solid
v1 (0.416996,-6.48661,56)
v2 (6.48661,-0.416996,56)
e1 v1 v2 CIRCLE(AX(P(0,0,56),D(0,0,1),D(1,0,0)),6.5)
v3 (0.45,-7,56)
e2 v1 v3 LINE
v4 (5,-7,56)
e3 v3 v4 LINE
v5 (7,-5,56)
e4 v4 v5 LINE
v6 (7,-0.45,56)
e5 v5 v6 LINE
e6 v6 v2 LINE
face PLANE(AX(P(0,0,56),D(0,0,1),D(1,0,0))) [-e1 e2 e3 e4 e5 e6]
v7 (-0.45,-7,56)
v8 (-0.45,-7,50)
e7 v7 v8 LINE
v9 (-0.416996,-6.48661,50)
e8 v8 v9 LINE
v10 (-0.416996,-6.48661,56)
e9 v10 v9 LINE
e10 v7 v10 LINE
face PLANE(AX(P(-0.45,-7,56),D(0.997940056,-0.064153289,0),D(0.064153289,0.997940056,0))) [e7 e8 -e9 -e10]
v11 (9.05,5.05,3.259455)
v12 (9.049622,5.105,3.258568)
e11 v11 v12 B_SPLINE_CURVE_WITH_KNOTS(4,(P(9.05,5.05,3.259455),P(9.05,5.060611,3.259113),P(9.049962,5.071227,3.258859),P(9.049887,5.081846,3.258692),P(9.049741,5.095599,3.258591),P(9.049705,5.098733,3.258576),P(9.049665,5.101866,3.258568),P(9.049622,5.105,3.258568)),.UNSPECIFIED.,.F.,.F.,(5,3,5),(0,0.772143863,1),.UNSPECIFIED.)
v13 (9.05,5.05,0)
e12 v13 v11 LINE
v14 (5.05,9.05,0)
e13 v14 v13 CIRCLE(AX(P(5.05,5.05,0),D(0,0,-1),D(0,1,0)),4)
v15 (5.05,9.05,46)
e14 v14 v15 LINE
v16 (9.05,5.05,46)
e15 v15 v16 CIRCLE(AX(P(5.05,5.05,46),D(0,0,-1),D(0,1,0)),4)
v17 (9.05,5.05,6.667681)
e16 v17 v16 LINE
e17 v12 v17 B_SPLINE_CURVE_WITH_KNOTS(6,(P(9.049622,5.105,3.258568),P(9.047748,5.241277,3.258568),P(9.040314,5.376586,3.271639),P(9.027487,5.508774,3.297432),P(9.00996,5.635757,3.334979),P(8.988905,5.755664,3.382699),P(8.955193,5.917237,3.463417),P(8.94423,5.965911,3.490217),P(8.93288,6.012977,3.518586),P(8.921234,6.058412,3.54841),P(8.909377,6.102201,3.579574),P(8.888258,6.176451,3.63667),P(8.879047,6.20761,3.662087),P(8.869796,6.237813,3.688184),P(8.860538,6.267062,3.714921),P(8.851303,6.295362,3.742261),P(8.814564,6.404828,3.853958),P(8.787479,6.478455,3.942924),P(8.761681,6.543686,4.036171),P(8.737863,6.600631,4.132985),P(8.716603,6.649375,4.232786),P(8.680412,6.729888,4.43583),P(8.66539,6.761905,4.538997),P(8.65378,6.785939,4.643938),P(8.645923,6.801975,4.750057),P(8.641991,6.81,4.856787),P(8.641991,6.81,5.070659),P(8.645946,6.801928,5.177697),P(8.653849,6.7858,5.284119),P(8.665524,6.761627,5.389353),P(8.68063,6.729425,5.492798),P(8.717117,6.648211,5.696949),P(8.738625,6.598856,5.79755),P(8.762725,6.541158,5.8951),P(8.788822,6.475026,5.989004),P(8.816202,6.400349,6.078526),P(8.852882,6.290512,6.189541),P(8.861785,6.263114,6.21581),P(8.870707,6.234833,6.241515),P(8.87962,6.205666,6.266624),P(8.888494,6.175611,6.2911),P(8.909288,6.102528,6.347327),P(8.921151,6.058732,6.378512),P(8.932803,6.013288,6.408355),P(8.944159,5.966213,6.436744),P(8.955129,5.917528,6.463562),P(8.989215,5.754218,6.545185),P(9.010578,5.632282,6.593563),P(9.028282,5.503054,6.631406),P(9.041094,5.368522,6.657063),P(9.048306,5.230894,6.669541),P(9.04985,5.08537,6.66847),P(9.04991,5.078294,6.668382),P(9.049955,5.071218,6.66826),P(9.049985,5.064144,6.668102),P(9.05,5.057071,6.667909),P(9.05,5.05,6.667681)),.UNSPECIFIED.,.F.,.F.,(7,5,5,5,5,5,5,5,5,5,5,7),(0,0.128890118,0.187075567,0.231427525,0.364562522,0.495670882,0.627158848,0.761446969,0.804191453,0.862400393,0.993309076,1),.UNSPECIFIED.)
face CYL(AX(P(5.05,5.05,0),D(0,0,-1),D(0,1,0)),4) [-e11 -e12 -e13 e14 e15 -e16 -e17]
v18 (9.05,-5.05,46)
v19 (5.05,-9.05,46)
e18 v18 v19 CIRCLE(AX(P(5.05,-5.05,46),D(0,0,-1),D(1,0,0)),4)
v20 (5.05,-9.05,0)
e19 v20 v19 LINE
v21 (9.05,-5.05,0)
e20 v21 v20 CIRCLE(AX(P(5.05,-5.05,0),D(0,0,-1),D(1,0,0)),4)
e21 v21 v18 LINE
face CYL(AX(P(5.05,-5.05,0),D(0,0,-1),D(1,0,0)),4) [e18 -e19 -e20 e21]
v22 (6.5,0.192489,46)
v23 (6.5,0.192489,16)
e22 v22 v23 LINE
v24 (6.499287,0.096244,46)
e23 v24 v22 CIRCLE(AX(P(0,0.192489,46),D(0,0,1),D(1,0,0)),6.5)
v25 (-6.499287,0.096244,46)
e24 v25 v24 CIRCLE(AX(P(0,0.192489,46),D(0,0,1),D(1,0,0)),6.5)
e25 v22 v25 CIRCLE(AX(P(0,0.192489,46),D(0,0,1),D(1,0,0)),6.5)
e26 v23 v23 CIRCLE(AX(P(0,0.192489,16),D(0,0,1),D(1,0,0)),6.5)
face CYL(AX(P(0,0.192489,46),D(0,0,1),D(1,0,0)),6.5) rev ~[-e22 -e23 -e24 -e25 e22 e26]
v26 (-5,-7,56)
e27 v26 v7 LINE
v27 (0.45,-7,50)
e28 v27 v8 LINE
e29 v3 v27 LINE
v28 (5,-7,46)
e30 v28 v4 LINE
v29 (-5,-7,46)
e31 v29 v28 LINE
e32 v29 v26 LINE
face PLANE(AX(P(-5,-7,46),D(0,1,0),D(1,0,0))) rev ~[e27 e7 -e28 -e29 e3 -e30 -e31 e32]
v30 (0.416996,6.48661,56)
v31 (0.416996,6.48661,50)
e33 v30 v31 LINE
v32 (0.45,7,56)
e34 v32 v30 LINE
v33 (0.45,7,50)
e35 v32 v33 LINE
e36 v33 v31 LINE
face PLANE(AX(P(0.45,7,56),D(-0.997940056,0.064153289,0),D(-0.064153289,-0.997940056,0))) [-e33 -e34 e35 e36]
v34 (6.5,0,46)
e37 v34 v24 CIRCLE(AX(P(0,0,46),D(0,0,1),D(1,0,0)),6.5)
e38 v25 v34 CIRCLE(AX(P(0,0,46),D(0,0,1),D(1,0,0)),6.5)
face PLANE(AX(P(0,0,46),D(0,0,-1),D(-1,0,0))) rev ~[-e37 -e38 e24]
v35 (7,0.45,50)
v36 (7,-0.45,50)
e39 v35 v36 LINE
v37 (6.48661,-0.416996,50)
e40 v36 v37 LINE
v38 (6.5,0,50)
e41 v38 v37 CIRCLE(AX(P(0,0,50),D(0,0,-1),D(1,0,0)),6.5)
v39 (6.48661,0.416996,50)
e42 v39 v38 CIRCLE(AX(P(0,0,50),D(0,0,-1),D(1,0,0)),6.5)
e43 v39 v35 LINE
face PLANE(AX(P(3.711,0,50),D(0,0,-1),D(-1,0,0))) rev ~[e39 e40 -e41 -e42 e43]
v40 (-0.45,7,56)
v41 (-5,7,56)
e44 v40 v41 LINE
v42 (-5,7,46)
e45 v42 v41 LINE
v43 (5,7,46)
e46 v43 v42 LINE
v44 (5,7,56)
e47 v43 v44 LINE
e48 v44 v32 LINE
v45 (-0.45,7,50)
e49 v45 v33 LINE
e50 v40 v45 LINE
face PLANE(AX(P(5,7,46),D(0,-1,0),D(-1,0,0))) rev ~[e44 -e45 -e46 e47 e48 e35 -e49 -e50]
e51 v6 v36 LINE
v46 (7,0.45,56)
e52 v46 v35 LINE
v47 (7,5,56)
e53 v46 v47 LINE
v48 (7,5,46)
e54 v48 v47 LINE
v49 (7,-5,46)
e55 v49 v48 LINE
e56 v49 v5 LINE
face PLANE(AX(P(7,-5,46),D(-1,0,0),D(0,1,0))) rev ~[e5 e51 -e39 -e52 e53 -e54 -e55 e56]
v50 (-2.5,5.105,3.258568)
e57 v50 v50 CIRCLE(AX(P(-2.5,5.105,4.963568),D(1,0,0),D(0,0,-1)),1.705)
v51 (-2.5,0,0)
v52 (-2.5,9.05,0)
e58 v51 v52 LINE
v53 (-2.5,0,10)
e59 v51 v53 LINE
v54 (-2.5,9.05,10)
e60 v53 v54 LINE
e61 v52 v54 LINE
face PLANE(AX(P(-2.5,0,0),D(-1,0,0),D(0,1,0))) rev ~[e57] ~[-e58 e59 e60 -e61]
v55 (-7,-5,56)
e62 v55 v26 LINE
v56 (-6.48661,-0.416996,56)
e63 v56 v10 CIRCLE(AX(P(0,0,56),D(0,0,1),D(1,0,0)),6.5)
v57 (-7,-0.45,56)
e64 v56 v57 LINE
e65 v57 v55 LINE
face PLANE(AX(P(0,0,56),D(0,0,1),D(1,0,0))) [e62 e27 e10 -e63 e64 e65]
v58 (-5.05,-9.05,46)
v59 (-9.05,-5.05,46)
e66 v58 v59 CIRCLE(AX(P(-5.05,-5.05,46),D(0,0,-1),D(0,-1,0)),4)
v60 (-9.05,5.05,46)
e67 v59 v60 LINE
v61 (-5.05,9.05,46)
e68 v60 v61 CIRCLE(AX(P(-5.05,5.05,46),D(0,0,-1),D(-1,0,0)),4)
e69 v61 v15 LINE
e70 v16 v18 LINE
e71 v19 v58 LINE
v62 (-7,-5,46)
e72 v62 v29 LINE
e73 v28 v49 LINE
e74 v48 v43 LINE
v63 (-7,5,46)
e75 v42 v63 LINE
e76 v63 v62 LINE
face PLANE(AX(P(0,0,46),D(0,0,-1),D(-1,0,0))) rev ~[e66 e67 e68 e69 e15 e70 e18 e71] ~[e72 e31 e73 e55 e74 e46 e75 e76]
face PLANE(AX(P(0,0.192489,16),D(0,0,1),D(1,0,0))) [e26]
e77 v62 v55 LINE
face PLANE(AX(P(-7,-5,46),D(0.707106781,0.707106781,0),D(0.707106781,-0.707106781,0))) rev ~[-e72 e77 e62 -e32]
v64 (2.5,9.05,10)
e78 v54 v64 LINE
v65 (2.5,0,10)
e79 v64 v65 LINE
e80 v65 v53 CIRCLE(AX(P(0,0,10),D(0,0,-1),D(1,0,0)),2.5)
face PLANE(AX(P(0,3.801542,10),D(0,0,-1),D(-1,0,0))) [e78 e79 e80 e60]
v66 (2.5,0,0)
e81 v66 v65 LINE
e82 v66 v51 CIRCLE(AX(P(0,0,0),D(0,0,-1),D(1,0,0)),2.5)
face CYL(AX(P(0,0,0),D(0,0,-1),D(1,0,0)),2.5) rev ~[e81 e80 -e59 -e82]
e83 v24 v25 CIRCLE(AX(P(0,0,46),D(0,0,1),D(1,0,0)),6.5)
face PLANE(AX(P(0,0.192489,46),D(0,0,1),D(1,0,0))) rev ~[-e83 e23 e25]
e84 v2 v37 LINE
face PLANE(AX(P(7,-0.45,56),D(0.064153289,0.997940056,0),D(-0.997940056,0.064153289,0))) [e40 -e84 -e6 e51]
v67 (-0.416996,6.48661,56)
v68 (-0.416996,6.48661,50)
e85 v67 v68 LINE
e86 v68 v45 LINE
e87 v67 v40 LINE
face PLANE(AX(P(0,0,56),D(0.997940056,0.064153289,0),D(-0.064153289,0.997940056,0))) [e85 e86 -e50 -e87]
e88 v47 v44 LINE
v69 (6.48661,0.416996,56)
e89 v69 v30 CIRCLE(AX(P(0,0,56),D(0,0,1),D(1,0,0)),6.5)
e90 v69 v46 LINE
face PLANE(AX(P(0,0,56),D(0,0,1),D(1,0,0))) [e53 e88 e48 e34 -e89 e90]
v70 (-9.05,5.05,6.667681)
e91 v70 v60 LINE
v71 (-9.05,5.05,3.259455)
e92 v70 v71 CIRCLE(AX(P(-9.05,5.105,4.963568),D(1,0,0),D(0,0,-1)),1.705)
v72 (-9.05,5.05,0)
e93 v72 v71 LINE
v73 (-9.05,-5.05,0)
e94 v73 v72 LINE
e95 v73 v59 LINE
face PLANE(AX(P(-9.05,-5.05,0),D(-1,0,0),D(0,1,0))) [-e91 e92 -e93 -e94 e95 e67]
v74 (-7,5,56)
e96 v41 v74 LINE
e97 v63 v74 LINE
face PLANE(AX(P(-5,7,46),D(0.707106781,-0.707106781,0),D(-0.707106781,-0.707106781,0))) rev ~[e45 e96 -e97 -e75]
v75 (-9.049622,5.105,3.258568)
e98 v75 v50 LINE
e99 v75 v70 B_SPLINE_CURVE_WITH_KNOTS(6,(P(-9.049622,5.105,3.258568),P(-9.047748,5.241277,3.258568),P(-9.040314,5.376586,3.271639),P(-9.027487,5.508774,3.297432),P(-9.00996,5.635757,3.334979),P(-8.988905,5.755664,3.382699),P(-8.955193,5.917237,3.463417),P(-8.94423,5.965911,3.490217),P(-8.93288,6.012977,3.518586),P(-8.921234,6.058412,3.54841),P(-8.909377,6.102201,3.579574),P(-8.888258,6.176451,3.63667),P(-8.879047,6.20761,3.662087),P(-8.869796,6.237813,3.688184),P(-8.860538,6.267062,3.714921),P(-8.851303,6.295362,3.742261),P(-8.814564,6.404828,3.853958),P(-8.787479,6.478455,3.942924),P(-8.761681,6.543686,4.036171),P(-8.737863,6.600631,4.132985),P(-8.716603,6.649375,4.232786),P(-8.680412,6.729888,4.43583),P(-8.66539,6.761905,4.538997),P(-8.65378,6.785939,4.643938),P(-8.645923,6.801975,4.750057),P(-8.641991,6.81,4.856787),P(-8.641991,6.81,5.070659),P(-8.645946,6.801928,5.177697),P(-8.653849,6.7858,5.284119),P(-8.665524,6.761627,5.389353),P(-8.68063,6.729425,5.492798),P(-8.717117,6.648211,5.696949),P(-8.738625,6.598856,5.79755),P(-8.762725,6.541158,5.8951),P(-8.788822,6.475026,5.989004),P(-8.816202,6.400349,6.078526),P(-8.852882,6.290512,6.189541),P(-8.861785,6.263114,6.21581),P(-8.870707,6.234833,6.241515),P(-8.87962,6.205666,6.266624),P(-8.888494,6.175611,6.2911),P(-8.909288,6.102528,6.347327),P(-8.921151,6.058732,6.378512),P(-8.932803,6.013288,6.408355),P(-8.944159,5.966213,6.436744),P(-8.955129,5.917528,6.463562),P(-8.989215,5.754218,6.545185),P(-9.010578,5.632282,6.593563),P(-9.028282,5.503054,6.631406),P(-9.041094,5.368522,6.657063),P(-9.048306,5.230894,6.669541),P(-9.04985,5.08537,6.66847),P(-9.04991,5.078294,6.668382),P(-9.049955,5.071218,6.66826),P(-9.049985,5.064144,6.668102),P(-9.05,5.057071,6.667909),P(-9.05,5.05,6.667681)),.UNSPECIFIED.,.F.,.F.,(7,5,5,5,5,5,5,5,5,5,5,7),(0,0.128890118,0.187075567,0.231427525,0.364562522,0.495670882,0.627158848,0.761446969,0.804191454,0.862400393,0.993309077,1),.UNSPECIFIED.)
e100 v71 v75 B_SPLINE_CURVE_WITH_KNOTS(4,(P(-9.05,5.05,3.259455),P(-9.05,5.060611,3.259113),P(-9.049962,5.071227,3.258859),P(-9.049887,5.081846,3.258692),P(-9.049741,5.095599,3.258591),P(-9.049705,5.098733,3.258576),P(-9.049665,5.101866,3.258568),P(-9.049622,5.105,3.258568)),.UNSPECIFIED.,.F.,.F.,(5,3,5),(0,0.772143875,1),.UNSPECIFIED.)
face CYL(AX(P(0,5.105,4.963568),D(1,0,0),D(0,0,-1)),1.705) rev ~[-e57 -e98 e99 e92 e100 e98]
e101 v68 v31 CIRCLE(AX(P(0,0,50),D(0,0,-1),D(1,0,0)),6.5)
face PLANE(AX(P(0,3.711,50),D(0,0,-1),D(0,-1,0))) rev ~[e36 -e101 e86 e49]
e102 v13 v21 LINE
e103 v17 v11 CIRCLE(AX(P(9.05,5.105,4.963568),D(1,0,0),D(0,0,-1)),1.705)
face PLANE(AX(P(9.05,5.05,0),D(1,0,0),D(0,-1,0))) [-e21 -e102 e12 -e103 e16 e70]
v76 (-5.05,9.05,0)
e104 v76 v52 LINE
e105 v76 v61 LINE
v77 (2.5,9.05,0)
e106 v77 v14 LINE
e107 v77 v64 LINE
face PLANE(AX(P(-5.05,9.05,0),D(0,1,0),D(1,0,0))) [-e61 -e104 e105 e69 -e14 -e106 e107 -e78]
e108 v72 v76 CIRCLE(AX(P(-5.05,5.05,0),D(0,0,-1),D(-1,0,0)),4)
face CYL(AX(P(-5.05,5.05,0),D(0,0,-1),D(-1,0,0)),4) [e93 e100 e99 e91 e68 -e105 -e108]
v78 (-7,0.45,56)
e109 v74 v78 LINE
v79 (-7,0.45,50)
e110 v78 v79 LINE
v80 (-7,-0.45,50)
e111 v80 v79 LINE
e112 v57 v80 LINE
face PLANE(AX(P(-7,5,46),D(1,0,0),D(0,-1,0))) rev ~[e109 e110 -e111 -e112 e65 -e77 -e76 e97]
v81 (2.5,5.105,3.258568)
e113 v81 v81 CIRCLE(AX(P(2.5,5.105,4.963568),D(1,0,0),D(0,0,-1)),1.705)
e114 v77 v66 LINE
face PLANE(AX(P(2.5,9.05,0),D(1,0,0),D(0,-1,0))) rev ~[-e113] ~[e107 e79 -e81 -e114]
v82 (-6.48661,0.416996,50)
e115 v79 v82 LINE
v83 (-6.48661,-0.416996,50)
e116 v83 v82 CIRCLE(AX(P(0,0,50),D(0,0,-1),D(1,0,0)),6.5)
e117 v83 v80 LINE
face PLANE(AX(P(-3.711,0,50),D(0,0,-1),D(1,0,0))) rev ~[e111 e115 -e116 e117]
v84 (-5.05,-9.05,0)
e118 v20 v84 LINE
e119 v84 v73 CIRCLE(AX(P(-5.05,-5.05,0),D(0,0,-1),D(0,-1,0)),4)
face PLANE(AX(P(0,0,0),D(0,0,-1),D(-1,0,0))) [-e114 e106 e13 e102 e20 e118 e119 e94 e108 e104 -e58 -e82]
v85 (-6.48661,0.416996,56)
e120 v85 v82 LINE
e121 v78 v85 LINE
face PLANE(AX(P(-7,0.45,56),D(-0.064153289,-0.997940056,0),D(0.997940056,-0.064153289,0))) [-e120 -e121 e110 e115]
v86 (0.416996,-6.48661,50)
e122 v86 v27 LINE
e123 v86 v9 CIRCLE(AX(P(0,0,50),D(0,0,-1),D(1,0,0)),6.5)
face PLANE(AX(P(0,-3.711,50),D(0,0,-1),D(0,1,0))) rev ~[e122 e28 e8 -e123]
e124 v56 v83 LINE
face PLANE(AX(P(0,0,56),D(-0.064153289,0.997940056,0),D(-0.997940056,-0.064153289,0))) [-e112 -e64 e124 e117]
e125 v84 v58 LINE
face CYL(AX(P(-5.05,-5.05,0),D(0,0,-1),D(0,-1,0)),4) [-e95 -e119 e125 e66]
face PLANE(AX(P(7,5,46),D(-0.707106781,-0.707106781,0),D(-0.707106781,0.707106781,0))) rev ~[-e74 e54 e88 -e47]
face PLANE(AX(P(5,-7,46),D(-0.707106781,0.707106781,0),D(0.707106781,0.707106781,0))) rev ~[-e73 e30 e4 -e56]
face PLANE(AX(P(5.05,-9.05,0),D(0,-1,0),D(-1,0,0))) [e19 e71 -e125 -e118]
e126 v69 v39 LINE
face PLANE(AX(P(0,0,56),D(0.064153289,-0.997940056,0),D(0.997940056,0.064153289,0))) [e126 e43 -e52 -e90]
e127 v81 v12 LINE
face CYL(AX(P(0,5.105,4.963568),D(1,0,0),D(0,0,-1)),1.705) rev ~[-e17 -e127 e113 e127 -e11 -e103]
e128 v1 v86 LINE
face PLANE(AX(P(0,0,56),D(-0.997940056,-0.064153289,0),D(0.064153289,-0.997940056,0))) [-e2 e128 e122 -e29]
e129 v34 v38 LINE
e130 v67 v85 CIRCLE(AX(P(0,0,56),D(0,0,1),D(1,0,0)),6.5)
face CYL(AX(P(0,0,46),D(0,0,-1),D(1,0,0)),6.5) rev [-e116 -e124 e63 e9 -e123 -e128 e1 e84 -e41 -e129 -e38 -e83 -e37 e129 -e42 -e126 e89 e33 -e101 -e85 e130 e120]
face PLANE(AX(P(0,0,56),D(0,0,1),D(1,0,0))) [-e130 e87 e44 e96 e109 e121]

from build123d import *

# Parameters (mm, degrees)
BOSS_EXTRUDE1_DEPTH = 46
SKETCH3_R           = 6.5
BOSS_EXTRUDE2_DEPTH = 10
CUT_EXTRUDE7_DEPTH  = 6
CIRPATTERN1_COUNT   = 4
SKETCH12_R          = 6.5
CUT_EXTRUDE8_DEPTH  = 30
CUT_EXTRUDE9_DEPTH  = 10
SKETCH14_R          = 1.705
CUT_EXTRUDE10_DEPTH = 12.5


with BuildPart() as part:
    # Sketch1 → Boss-Extrude1 (new body)
    with BuildSketch(Plane.XY):
        with BuildLine():
            Line((-5.05, 9.05), (5.05, 9.05))
            ThreePointArc((5.05, 9.05), (7.878427125, 7.878427125), (9.05, 5.05))
            Line((9.05, 5.05), (9.05, -5.05))
            ThreePointArc((9.05, -5.05), (7.878427125, -7.878427125), (5.05, -9.05))
            Line((5.05, -9.05), (-5.05, -9.05))
            ThreePointArc((-5.05, -9.05), (-7.878427125, -7.878427125), (-9.05, -5.05))
            Line((-9.05, -5.05), (-9.05, 5.05))
            ThreePointArc((-9.05, 5.05), (-7.878427125, 7.878427125), (-5.05, 9.05))
        make_face()
    extrude(amount=BOSS_EXTRUDE1_DEPTH)

    # Sketch3 → Boss-Extrude2 (add)
    with BuildSketch(Plane.XY.offset(46)):
        Polygon((-5, -7), (5, -7), (7, -5), (7, 5), (5, 7), (-5, 7), (-7, 5), (-7, -5), align=None)
        Circle(SKETCH3_R, mode=Mode.SUBTRACT)
    extrude(amount=BOSS_EXTRUDE2_DEPTH)

    # Sketch11 → Cut-Extrude7 (cut)
    with BuildSketch(Plane.XY.offset(56)):
        Polygon((0, 0), (7, 0.45), (7, -0.45), align=None)
    cut_extrude7 = extrude(amount=-CUT_EXTRUDE7_DEPTH, mode=Mode.SUBTRACT)

    # CirPattern1: Cut-Extrude7 ×4 about axis
    cirpattern1_axis = Axis((0, 0, 56), (0, 0, -1))
    for i in range(1, CIRPATTERN1_COUNT):
        add(cut_extrude7.rotate(cirpattern1_axis, i * 360 / CIRPATTERN1_COUNT), mode=Mode.SUBTRACT)

    # Sketch12 → Cut-Extrude8 (cut)
    with BuildSketch(Plane.XY.offset(46)):
        with Locations((0, 0.192488852)):
            Circle(SKETCH12_R)
    extrude(amount=-CUT_EXTRUDE8_DEPTH, mode=Mode.SUBTRACT)

    # Sketch13 → Cut-Extrude9 (cut)
    with BuildSketch(Plane.XY):
        with BuildLine():
            Line((-2.5, 0), (-2.5, 9.05))
            Line((-2.5, 9.05), (2.5, 9.05))
            Line((2.5, 9.05), (2.5, 0))
            ThreePointArc((2.5, 0), (0, -2.5), (-2.5, 0))
        make_face()
    extrude(amount=CUT_EXTRUDE9_DEPTH, mode=Mode.SUBTRACT)

    # Sketch14 → Cut-Extrude10 (cut, symmetric)
    with BuildSketch(Plane(origin=(0, 0, 0), x_dir=(0, 0, -1), z_dir=(1, 0, 0))):
        with Locations((-4.963568093, 5.105)):
            Circle(SKETCH14_R)
    extrude(amount=CUT_EXTRUDE10_DEPTH, both=True, mode=Mode.SUBTRACT)


solid = part.part
